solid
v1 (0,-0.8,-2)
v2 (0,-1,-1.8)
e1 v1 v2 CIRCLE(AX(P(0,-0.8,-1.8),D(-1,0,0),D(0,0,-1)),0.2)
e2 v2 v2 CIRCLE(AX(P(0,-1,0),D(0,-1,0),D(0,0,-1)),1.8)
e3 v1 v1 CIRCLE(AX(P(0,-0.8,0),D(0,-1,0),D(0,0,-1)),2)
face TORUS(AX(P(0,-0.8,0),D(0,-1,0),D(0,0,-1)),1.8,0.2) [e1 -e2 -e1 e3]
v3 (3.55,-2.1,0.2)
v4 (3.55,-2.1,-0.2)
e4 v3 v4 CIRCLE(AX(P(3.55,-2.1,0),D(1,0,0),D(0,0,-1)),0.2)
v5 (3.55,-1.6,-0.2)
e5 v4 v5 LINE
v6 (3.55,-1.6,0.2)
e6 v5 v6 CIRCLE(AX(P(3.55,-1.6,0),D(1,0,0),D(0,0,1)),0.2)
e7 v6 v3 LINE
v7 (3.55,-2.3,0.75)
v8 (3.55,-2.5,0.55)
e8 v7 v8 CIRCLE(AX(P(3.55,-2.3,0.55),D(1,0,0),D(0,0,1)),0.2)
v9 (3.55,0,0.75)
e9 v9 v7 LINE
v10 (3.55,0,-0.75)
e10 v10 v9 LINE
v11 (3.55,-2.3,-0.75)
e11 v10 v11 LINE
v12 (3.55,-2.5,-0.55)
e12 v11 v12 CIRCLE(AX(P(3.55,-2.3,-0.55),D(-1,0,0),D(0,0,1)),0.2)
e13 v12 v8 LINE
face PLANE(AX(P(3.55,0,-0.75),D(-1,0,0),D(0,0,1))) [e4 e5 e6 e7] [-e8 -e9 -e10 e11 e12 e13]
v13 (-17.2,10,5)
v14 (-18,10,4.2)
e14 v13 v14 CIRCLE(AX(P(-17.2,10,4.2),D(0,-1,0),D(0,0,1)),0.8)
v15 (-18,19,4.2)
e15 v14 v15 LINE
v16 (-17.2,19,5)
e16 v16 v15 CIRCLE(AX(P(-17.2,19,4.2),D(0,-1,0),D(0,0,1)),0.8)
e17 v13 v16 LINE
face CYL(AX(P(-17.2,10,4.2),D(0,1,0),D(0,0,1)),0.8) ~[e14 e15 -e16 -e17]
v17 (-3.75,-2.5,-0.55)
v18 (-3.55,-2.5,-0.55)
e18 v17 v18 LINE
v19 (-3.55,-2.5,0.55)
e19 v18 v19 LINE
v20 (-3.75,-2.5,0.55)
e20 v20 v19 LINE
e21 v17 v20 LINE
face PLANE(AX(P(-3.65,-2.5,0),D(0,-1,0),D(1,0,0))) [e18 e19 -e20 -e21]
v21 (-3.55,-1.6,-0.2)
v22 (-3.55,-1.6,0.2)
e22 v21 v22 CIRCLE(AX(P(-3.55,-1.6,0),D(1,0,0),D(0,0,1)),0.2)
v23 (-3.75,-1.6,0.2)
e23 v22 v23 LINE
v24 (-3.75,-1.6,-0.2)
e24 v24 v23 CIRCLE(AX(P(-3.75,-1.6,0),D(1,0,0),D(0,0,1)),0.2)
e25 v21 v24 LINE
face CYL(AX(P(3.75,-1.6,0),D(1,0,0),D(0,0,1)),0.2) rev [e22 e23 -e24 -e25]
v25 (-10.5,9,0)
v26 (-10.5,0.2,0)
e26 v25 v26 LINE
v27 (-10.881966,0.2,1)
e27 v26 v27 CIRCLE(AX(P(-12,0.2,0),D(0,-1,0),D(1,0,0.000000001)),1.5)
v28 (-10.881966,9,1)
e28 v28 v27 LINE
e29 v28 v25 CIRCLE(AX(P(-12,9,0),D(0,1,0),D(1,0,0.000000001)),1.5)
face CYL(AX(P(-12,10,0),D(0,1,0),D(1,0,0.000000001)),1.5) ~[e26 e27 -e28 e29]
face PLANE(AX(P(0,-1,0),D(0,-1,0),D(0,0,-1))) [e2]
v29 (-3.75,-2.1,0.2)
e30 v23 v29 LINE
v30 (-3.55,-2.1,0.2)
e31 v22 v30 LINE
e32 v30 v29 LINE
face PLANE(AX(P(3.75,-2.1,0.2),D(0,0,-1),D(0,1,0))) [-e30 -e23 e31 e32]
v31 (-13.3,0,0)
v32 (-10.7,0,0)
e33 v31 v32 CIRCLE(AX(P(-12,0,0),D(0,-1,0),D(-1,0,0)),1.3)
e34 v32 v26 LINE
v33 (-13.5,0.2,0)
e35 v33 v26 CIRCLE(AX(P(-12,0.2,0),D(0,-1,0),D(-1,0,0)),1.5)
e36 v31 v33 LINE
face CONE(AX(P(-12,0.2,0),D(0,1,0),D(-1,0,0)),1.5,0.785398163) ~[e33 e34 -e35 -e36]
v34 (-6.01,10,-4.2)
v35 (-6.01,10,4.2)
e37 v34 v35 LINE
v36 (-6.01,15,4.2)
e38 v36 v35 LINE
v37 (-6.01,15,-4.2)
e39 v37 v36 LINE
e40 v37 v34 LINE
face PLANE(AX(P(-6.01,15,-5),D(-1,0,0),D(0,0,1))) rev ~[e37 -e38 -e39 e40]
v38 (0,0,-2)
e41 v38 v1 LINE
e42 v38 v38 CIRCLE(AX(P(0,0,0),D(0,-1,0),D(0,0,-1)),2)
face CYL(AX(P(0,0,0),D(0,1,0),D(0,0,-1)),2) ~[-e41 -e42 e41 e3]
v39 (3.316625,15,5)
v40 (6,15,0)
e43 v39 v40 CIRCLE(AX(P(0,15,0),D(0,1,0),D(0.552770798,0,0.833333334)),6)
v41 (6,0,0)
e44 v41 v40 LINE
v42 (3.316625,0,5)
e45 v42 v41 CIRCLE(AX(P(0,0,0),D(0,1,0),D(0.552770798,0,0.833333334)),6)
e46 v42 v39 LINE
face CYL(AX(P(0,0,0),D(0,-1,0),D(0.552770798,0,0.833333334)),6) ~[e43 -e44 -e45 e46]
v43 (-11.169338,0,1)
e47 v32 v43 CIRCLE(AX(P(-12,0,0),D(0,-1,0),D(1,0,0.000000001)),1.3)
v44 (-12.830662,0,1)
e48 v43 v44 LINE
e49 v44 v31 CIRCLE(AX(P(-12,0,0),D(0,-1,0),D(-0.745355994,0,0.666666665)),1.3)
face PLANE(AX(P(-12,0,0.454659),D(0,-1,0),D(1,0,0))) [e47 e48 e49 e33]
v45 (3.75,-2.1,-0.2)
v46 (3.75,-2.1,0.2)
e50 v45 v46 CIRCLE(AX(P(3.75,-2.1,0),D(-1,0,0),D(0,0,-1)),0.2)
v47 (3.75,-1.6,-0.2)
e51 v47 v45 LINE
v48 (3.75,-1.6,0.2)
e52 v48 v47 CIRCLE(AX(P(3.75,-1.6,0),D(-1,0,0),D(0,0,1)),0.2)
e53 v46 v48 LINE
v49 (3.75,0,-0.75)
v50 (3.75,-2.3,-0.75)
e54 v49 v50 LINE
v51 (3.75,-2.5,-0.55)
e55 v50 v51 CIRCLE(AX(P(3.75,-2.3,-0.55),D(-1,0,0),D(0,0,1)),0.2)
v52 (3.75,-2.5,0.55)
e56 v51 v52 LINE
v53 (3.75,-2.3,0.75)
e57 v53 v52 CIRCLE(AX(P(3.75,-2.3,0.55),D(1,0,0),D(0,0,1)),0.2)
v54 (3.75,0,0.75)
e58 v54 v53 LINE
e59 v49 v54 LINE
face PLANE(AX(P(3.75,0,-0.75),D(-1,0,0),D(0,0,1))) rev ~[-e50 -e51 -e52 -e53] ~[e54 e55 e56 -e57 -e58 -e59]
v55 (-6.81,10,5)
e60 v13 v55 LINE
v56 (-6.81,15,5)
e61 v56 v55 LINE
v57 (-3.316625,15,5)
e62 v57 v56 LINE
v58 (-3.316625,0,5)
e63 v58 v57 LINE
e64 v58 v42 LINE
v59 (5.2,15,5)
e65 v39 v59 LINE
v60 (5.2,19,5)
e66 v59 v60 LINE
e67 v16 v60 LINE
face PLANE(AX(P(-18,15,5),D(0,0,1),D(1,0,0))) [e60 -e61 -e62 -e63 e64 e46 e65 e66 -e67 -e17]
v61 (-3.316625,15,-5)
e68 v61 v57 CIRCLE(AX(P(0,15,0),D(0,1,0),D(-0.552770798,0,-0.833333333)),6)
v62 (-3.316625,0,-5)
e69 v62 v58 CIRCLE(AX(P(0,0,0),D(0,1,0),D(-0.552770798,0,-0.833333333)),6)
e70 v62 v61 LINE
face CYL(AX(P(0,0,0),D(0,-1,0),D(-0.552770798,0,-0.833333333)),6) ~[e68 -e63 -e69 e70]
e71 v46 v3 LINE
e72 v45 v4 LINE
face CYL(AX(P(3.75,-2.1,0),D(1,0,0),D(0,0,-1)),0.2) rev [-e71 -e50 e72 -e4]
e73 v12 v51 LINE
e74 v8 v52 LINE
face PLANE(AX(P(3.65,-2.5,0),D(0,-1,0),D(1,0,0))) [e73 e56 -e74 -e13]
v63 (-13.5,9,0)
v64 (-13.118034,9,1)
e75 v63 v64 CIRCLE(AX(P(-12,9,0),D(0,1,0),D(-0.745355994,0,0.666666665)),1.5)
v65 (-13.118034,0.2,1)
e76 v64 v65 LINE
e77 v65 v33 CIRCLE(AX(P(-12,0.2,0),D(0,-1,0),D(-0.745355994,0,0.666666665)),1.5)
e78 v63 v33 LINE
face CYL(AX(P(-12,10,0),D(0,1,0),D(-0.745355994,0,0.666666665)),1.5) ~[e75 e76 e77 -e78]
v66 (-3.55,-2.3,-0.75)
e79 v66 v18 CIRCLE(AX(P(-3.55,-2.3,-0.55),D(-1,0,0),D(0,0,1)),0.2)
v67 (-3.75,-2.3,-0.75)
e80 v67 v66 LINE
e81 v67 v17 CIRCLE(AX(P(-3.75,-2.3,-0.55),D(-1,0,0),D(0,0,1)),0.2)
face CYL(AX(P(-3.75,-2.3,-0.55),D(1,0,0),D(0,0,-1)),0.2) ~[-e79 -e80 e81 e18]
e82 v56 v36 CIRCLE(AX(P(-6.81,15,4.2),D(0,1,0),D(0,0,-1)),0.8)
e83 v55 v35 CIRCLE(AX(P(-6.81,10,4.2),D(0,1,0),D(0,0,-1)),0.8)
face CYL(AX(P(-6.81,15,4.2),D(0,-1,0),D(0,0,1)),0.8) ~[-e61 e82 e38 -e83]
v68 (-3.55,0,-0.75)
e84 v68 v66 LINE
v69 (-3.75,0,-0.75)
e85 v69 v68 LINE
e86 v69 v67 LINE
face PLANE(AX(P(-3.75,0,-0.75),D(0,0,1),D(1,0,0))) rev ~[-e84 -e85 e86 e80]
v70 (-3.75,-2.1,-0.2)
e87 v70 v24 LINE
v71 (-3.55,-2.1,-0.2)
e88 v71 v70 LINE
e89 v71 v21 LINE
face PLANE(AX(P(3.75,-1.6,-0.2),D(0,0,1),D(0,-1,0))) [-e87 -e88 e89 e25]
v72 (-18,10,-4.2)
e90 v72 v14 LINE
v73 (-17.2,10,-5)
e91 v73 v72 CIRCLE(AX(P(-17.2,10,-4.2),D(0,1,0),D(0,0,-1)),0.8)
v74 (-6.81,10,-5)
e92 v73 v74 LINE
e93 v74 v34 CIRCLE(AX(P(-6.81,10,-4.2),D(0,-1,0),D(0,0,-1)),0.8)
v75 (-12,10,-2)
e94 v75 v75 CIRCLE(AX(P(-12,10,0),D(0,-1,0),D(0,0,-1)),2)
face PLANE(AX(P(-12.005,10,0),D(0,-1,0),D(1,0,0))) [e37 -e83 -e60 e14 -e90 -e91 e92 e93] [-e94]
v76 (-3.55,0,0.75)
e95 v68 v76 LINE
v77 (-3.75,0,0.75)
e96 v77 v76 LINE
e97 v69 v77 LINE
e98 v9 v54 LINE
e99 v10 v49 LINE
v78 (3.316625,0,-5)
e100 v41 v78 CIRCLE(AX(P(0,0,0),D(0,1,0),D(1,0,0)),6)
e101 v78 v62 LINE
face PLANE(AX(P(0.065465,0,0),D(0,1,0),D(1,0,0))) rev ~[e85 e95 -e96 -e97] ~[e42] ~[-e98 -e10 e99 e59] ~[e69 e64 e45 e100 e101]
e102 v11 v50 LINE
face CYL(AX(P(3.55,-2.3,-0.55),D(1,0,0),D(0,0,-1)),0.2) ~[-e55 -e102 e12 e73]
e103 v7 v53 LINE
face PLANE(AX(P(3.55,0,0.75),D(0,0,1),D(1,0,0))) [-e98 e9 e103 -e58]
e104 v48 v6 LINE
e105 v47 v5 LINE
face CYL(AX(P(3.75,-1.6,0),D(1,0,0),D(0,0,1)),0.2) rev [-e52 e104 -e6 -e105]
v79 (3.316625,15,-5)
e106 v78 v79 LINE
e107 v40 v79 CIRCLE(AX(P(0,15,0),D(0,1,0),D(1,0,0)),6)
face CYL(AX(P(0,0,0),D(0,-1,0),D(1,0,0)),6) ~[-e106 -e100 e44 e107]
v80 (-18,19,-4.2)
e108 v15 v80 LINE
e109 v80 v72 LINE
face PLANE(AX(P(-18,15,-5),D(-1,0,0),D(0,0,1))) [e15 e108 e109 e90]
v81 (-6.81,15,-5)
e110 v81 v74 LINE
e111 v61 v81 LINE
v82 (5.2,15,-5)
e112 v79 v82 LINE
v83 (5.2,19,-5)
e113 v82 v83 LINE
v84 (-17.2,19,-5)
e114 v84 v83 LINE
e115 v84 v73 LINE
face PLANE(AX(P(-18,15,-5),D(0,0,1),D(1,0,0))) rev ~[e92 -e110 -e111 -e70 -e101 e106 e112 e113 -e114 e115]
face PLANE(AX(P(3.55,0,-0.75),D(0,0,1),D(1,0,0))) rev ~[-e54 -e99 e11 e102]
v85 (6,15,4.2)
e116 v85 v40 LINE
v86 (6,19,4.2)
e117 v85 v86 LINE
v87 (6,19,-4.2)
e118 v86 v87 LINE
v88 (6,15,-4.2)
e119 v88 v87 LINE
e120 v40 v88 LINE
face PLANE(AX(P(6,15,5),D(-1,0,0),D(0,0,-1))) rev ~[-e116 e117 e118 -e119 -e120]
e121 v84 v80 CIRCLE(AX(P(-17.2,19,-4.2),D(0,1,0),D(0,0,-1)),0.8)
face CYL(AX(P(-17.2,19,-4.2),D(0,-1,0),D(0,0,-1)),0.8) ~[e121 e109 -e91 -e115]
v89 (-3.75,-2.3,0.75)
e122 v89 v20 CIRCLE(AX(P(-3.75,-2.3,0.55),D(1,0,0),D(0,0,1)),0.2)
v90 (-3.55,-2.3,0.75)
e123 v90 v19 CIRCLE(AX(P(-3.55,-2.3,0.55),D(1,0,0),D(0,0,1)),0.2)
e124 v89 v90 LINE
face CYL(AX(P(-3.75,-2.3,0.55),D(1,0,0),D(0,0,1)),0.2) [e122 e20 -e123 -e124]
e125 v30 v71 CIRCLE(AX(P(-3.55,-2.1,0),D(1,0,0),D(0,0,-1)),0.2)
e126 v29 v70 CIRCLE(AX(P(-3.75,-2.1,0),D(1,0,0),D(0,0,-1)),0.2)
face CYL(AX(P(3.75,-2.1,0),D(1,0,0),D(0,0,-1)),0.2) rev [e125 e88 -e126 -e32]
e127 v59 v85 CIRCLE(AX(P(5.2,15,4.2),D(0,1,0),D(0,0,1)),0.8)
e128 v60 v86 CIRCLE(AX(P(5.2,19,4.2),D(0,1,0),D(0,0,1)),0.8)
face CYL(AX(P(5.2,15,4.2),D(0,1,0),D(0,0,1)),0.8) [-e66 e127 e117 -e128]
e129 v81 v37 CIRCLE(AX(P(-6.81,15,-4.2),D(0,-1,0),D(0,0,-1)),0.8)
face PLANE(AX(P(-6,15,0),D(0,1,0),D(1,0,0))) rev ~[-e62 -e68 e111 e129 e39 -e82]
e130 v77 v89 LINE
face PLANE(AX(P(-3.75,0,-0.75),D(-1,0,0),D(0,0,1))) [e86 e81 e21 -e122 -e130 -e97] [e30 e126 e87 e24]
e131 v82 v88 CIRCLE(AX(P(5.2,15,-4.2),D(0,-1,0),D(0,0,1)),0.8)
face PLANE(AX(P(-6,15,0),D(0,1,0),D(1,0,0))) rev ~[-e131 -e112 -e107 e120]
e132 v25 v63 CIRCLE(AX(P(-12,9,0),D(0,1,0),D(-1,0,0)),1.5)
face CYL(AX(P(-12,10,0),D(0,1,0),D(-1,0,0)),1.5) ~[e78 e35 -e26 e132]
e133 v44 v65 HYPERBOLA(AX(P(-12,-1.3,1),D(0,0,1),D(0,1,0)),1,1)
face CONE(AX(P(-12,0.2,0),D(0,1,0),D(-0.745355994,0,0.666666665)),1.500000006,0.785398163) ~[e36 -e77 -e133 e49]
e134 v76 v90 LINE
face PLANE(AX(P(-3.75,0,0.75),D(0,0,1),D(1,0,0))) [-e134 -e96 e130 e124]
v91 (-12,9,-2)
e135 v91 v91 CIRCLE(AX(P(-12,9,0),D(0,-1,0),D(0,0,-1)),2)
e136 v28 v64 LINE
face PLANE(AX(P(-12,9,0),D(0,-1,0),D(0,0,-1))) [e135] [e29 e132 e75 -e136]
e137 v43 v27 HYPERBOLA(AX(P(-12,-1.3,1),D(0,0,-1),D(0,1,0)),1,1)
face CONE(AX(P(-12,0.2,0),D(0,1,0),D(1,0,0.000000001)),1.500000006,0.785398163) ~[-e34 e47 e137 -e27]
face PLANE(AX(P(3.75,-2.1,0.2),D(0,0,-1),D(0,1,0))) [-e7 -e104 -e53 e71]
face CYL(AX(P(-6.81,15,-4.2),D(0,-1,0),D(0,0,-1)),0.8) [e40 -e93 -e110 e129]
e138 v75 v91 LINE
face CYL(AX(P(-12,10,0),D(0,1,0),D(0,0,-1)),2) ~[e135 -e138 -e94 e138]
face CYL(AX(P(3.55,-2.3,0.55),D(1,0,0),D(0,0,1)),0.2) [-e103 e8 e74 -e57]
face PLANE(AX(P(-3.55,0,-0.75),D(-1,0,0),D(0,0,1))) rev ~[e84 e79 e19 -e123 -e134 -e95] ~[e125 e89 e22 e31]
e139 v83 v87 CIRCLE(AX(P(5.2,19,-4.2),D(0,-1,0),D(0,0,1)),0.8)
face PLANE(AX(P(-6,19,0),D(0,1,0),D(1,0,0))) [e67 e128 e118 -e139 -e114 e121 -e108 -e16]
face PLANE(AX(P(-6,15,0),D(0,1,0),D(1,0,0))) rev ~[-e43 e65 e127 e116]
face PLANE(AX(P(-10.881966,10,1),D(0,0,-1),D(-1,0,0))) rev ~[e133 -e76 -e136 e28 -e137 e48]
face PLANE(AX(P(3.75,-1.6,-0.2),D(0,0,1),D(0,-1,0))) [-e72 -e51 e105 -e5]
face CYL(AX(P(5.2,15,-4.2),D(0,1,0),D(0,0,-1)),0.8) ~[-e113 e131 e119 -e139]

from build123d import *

# Parameters (mm, degrees)
EXTRUDE_1_DEPTH     = 15
SKETCH_2_R          = 2
EXTRUDE_2_DEPTH     = 1
SKETCH_4_W          = 24
SKETCH_4_H          = 10
EXTRUDE_3_DEPTH     = 4
SKETCH_5_W          = 11.99
SKETCH_5_H          = 10
EXTRUDE_6_DEPTH     = 5
EXTRUDE_7_DEPTH     = 10
SKETCH_7_R          = 2
EXTRUDE_8_DEPTH     = 1
SKETCH_8_W          = 0.2
SKETCH_8_H          = 1.5
EXTRUDE_9_DEPTH     = 2.5
CUT_EXTRUDE_1_DEPTH = 9.5
FILLET_1_R          = 0.2
FILLET_2_R          = 0.2
FILLET_3_R          = 0.8
CHAMFER_1_SIZE      = 0.2


with BuildPart() as part:
    # 草图1 → 凸台-拉伸1 (new body)
    with BuildSketch(Plane(origin=(0, 0, 0), x_dir=(1, 0, 0), z_dir=(0, 1, 0))):
        with BuildLine():
            Line((3.31662479, 5), (-3.31662479, 5))
            ThreePointArc((-3.31662479, 5), (-6, 0), (-3.31662479, -5))
            Line((-3.31662479, -5), (3.31662479, -5))
            ThreePointArc((3.31662479, -5), (5.286764074, -2.837274331), (6, 0))
            ThreePointArc((6, 0), (5.286764074, 2.837274331), (3.31662479, 5))
        make_face()
    extrude(amount=EXTRUDE_1_DEPTH)

    # 草图2 → 凸台-拉伸2 (add)
    with BuildSketch(Plane.XZ):
        with Locations(Location((0, 0, 0), (0, 0, 270))):
            Circle(SKETCH_2_R)
    extrude(amount=EXTRUDE_2_DEPTH)

    # 草图4 → 凸台-拉伸3 (add)
    with BuildSketch(Plane(origin=(0, 15, 0), x_dir=(1, 0, 0), z_dir=(0, 1, 0))):
        with Locations((-6, 0)):
            Rectangle(SKETCH_4_W, SKETCH_4_H)
    extrude(amount=EXTRUDE_3_DEPTH)

    # 草图5 → 凸台-拉伸6 (add)
    with BuildSketch(Plane.XZ.offset(-15)):
        with Locations((-12.005, 0)):
            Rectangle(SKETCH_5_W, SKETCH_5_H)
    extrude(amount=EXTRUDE_6_DEPTH)

    # 草图6 → 凸台-拉伸7 (add)
    with BuildSketch(Plane.XZ.offset(-10)):
        with BuildLine():
            ThreePointArc((-13.118033989, 1), (-13.401258538, 0.535233135), (-13.5, 0))
            Line((-13.5, 0), (-10.5, 0))
            ThreePointArc((-10.5, 0), (-10.598741462, 0.535233135), (-10.881966011, 1))
            Line((-10.881966011, 1), (-13.118033989, 1))
        make_face()
        with BuildLine():
            Line((-10.5, 0), (-13.5, 0))
            ThreePointArc((-13.5, 0), (-12, -1.5), (-10.5, 0))
        make_face()
    extrude(amount=EXTRUDE_7_DEPTH)

    # 草图7 → 凸台-拉伸8 (add)
    with BuildSketch(Plane.XZ.offset(-10)):
        with Locations(Location((-12, 0, 0), (0, 0, 270))):
            Circle(SKETCH_7_R)
    extrude(amount=EXTRUDE_8_DEPTH)

    # 草图8 → 凸台-拉伸9 (add)
    with BuildSketch(Plane.XZ):
        with Locations((-3.65, 0)):
            Rectangle(SKETCH_8_W, SKETCH_8_H)
        with Locations((3.65, 0)):
            Rectangle(SKETCH_8_W, SKETCH_8_H)
    extrude(amount=EXTRUDE_9_DEPTH)

    # 草图9 → 切除-拉伸1 (cut)
    with BuildSketch(Plane(origin=(3.75, 0, 0), x_dir=(0, 0, -1), z_dir=(1, 0, 0))):
        with BuildLine():
            Line((-0.2, -2.1), (-0.2, -1.6))
            ThreePointArc((-0.2, -1.6), (0, -1.4), (0.2, -1.6))
            Line((0.2, -1.6), (0.2, -2.1))
            ThreePointArc((0.2, -2.1), (0, -2.3), (-0.2, -2.1))
        make_face()
    extrude(amount=-CUT_EXTRUDE_1_DEPTH, mode=Mode.SUBTRACT)

    # 圆角1
    fillet_1_edges = [part.edges().sort_by_distance(p)[0] for p in [
        (-3.65, -2.5, 0.75),
        (-3.65, -2.5, -0.75),
        (3.65, -2.5, 0.75),
        (3.65, -2.5, -0.75),
    ]]
    fillet(fillet_1_edges, radius=FILLET_1_R)

    # 圆角2
    fillet_2_edges = [part.edges().sort_by_distance(p)[0] for p in [
        (0, -1, 2),
    ]]
    fillet(fillet_2_edges, radius=FILLET_2_R)

    # 圆角3
    fillet_3_edges = [part.edges().sort_by_distance(p)[0] for p in [
        (-18, 14.5, 5),
        (6, 17, 5),
        (6, 17, -5),
        (-18, 14.5, -5),
        (-6.01, 12.5, -5),
        (-6.01, 12.5, 5),
    ]]
    fillet(fillet_3_edges, radius=FILLET_3_R)

    # 倒角1
    chamfer_1_edges = [part.edges().sort_by_distance(p)[0] for p in [
        (-12.535233135, 0, -1.401258538),
    ]]
    chamfer(chamfer_1_edges, length=CHAMFER_1_SIZE)


solid = part.part
